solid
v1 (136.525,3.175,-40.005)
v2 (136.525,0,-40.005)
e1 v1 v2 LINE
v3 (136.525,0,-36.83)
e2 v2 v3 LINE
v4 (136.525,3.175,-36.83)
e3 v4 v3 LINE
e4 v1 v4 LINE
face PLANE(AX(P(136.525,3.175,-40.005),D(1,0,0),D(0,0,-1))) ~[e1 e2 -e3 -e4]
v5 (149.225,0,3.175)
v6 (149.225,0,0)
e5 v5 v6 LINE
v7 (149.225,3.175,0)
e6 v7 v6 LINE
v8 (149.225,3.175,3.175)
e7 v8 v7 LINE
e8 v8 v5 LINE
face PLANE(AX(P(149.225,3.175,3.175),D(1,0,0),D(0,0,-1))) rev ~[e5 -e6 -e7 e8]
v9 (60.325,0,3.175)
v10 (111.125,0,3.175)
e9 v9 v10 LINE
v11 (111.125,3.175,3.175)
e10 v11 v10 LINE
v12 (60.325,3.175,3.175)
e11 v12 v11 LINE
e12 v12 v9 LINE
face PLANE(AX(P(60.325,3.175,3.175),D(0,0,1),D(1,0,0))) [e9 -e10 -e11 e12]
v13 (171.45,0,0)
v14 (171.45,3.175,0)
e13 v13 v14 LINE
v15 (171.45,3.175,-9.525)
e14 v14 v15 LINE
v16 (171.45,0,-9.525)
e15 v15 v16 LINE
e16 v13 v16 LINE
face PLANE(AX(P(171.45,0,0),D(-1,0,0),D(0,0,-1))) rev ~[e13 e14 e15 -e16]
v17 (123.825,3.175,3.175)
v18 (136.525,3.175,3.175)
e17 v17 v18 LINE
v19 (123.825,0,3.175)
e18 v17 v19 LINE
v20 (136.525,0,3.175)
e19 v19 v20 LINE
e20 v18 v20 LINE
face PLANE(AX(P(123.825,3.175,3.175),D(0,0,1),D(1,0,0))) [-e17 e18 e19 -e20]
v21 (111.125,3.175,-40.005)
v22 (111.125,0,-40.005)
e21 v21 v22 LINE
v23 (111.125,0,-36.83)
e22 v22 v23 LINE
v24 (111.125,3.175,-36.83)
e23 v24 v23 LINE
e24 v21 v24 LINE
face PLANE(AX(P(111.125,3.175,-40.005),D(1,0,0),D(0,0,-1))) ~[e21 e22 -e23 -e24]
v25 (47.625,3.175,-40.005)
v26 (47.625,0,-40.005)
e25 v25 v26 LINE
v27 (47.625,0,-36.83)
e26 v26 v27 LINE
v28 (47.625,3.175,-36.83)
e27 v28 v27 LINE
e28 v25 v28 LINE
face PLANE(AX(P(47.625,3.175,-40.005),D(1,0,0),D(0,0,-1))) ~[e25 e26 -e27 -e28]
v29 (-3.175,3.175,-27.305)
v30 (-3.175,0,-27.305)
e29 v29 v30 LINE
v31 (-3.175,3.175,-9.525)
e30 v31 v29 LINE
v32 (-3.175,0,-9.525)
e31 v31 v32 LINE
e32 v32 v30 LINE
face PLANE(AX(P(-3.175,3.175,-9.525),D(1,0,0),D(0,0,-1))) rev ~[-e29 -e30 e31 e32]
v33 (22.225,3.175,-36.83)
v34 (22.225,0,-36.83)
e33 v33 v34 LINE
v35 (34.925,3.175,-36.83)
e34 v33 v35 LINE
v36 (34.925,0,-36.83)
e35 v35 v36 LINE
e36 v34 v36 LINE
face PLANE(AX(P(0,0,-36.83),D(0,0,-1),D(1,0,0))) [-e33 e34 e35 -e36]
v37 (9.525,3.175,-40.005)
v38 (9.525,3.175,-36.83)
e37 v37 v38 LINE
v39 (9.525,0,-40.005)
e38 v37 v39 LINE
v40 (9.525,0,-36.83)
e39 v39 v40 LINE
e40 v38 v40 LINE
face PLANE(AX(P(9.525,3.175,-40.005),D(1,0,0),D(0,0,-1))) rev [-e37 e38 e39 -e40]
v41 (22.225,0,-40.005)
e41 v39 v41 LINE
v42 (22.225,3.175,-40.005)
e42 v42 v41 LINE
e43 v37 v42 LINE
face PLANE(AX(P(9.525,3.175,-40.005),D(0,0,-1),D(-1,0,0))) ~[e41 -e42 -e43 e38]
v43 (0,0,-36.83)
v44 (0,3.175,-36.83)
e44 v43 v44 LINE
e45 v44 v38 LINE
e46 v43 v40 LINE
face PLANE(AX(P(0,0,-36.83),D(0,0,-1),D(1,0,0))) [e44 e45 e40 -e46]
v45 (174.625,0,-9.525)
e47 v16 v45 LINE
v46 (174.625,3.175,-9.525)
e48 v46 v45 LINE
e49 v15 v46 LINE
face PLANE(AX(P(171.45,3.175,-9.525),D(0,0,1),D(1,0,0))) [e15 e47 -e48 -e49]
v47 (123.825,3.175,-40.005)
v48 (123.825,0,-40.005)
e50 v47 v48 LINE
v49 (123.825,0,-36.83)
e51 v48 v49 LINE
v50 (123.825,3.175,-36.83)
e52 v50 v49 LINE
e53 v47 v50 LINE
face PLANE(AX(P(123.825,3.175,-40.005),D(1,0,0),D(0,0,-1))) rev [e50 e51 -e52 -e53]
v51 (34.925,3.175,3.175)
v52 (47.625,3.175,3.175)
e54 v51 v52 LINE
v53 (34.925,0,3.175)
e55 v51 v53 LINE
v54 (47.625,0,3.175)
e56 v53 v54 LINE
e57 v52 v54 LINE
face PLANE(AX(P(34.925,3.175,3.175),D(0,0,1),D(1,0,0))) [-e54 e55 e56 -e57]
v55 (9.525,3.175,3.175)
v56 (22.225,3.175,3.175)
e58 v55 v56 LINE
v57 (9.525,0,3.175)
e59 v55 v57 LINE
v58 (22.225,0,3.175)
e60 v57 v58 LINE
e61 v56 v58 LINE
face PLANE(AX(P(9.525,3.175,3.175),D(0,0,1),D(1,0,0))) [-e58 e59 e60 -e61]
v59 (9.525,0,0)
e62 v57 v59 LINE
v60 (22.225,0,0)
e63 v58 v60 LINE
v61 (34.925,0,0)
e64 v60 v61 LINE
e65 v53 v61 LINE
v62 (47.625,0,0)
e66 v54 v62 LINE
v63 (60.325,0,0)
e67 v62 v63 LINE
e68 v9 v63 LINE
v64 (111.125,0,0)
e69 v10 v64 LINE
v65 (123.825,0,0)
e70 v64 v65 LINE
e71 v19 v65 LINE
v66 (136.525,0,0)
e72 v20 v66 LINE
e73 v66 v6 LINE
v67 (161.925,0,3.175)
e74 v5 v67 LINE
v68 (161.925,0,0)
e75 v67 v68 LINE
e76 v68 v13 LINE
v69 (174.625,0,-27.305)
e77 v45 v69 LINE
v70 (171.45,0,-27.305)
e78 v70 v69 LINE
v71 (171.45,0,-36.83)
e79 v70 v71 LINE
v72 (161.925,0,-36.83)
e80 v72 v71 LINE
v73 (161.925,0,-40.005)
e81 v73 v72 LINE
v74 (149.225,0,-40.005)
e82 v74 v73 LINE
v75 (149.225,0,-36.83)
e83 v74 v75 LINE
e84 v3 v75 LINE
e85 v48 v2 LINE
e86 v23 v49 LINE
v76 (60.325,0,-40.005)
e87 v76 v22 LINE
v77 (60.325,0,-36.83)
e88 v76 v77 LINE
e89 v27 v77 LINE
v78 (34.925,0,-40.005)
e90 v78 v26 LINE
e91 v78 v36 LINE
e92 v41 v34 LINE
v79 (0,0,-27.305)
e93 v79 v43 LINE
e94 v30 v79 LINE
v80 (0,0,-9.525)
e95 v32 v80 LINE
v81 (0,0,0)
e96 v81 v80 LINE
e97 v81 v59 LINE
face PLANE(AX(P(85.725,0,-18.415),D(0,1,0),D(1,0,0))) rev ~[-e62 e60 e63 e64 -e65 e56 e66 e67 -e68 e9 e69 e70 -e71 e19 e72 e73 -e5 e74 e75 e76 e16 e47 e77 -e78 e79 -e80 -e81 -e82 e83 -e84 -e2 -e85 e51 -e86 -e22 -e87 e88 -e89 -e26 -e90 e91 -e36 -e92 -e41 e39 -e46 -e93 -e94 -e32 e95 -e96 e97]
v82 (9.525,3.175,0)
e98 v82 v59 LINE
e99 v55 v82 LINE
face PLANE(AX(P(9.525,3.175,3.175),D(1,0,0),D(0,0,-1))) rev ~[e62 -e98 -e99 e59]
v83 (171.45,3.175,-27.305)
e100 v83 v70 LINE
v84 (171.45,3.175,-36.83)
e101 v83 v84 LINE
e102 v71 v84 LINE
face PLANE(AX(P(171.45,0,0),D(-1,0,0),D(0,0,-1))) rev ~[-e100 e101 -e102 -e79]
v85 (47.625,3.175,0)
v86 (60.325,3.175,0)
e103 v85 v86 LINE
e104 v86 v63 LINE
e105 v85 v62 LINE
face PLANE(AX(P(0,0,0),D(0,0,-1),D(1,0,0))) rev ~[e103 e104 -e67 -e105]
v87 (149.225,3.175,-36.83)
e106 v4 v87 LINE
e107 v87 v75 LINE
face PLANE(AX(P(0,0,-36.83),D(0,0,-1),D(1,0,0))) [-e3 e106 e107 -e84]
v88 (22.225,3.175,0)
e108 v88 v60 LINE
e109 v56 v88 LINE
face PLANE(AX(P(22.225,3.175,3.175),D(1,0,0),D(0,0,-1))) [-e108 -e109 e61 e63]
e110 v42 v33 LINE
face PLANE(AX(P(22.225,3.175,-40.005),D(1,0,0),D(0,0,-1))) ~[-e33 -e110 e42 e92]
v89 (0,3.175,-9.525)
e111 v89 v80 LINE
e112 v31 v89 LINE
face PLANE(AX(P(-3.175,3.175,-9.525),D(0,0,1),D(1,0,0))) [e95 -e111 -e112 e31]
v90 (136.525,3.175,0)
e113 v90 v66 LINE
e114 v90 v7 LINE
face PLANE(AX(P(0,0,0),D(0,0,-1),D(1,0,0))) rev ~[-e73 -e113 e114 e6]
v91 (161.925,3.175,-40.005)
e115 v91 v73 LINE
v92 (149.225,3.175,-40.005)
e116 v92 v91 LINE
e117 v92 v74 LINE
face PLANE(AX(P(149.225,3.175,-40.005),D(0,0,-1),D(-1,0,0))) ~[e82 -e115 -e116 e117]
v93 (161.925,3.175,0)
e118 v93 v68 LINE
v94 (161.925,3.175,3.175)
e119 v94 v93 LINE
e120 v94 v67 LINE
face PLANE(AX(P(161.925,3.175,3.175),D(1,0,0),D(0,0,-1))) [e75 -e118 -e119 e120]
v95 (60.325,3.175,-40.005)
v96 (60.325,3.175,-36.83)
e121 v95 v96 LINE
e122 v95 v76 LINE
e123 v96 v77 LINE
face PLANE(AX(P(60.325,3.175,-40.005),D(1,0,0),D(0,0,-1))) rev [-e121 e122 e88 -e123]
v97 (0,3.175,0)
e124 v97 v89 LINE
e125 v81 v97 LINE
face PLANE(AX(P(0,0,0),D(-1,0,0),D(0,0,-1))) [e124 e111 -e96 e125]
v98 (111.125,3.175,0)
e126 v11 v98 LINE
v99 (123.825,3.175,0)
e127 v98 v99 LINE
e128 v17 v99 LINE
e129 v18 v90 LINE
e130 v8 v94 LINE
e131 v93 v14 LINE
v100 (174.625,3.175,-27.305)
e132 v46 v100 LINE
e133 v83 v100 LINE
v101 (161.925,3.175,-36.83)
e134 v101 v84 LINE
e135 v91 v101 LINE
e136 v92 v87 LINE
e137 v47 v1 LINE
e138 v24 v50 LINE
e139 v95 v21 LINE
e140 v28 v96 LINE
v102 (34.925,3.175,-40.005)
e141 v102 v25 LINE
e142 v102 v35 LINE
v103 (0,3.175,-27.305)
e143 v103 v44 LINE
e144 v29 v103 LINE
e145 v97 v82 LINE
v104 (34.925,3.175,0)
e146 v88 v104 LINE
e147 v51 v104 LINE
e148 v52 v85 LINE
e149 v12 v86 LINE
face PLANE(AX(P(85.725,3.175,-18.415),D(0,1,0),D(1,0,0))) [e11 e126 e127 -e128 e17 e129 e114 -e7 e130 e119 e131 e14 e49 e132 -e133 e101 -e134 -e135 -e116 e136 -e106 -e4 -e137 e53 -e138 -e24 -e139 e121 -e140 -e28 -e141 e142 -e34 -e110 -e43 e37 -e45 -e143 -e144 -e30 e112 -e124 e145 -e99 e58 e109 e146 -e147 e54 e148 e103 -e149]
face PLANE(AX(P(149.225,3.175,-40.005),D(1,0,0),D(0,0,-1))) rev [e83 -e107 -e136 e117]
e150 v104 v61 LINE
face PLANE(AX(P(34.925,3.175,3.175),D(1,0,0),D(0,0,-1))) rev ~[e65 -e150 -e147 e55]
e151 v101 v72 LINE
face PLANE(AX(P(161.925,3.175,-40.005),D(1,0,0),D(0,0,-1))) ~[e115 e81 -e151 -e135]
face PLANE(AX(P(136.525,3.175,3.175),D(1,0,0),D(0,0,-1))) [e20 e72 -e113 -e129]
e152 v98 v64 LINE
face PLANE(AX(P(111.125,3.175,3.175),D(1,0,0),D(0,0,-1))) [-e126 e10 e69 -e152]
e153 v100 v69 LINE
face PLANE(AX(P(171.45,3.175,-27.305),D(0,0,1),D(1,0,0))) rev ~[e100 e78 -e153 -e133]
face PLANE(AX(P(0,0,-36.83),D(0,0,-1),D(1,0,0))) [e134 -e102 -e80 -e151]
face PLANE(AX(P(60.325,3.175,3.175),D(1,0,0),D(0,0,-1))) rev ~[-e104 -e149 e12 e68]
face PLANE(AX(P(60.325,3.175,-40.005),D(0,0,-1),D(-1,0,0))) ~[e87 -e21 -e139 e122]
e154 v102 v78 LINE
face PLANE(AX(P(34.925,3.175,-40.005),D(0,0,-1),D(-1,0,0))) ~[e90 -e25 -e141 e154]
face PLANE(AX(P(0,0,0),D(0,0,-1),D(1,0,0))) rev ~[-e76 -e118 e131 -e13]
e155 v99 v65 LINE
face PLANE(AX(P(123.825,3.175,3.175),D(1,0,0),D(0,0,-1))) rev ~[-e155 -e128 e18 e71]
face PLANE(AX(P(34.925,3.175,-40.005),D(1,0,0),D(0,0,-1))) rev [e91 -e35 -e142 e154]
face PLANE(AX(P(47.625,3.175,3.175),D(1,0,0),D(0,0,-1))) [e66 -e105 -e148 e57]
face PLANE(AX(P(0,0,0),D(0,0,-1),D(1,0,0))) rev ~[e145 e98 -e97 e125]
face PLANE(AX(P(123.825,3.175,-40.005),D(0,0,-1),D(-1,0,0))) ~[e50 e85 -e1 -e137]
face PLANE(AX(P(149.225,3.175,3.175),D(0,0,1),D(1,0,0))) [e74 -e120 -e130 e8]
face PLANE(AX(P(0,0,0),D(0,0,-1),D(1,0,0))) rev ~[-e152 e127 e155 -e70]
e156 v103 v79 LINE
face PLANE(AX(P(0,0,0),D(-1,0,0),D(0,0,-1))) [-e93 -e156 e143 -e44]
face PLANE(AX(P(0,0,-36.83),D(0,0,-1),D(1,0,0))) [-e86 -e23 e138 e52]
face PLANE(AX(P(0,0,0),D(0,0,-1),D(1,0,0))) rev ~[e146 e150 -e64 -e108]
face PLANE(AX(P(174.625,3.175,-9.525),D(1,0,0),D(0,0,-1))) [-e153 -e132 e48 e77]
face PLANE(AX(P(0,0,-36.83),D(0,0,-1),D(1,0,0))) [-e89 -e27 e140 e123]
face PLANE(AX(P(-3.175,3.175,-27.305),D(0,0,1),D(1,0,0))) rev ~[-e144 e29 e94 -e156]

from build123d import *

# Parameters (mm, degrees)
SKETCH1_W           = 171.45
SKETCH1_H           = 36.83
BOSS_EXTRUDE1_DEPTH = 3.175
SKETCH2_W           = 12.7
SKETCH2_H           = 3.175
SKETCH2_W_2         = 50.8
BOSS_EXTRUDE2_DEPTH = 3.175
SKETCH3_W           = 42.418
SKETCH3_H           = 12.7
CUT_EXTRUDE1_DEPTH  = 3.175
SKETCH5_W           = 17.018
SKETCH5_H           = 12.7
BOSS_EXTRUDE3_DEPTH = 3.175
SKETCH6_W           = 3.175
SKETCH6_H           = 17.78
BOSS_EXTRUDE4_DEPTH = 3.175
SKETCH7_W           = 59.348335251
SKETCH7_H           = 25.17302984
BOSS_EXTRUDE5_DEPTH = 3.175


with BuildPart() as part:
    # Sketch1 → Boss-Extrude1 (new body)
    with BuildSketch(Plane(origin=(0, 0, 0), x_dir=(1, 0, 0), z_dir=(0, 1, 0))):
        with Locations((85.725, 18.415)):
            Rectangle(SKETCH1_W, SKETCH1_H)
    extrude(amount=BOSS_EXTRUDE1_DEPTH)

    # Sketch2 → Boss-Extrude2 (add)
    with BuildSketch(Plane(origin=(0, 3.175, 0), x_dir=(1, 0, 0), z_dir=(0, 1, 0))):
        with Locations((15.875, -1.5875)):
            Rectangle(SKETCH2_W, SKETCH2_H)
        with Locations((41.275, -1.5875)):
            Rectangle(SKETCH2_W, SKETCH2_H)
        with Locations((85.725, -1.5875)):
            Rectangle(SKETCH2_W_2, SKETCH2_H)
        with Locations((130.175, -1.5875)):
            Rectangle(SKETCH2_W, SKETCH2_H)
        with Locations((155.575, -1.5875)):
            Rectangle(SKETCH2_W, SKETCH2_H)
    boss_extrude2 = extrude(amount=-BOSS_EXTRUDE2_DEPTH)

    # Sketch3 → Cut-Extrude1 (cut)
    with BuildSketch(Plane(origin=(0, 3.175, 0), x_dir=(1, 0, 0), z_dir=(0, 1, 0))):
        with Locations((88.646, 9.525)):
            Rectangle(SKETCH3_W, SKETCH3_H)
    extrude(amount=-CUT_EXTRUDE1_DEPTH, mode=Mode.SUBTRACT)

    # Sketch5 → Boss-Extrude3 (add)
    with BuildSketch(Plane(origin=(0, 3.175, 0), x_dir=(1, 0, 0), z_dir=(0, 1, 0))):
        with Locations((89.916, 9.525)):
            Rectangle(SKETCH5_W, SKETCH5_H)
    extrude(amount=-BOSS_EXTRUDE3_DEPTH)

    # Sketch6 → Boss-Extrude4 (add)
    with BuildSketch(Plane(origin=(0, 3.175, 0), x_dir=(1, 0, 0), z_dir=(0, 1, 0))):
        with Locations((-1.5875, 18.415)):
            Rectangle(SKETCH6_W, SKETCH6_H)
        with Locations((173.0375, 18.415)):
            Rectangle(SKETCH6_W, SKETCH6_H)
    extrude(amount=-BOSS_EXTRUDE4_DEPTH)

    # Mirror1: Boss-Extrude2 across plane
    add(boss_extrude2.mirror(Plane(origin=(0, 0, -18.415), x_dir=(1, 0, 0), z_dir=(0, 0, -1))))

    # Sketch7 → Boss-Extrude5 (add)
    with BuildSketch(Plane(origin=(0, 3.175, 0), x_dir=(1, 0, 0), z_dir=(0, 1, 0))):
        with Locations((85.808354404, 13.913862214)):
            Rectangle(SKETCH7_W, SKETCH7_H)
    extrude(amount=-BOSS_EXTRUDE5_DEPTH)


solid = part.part
